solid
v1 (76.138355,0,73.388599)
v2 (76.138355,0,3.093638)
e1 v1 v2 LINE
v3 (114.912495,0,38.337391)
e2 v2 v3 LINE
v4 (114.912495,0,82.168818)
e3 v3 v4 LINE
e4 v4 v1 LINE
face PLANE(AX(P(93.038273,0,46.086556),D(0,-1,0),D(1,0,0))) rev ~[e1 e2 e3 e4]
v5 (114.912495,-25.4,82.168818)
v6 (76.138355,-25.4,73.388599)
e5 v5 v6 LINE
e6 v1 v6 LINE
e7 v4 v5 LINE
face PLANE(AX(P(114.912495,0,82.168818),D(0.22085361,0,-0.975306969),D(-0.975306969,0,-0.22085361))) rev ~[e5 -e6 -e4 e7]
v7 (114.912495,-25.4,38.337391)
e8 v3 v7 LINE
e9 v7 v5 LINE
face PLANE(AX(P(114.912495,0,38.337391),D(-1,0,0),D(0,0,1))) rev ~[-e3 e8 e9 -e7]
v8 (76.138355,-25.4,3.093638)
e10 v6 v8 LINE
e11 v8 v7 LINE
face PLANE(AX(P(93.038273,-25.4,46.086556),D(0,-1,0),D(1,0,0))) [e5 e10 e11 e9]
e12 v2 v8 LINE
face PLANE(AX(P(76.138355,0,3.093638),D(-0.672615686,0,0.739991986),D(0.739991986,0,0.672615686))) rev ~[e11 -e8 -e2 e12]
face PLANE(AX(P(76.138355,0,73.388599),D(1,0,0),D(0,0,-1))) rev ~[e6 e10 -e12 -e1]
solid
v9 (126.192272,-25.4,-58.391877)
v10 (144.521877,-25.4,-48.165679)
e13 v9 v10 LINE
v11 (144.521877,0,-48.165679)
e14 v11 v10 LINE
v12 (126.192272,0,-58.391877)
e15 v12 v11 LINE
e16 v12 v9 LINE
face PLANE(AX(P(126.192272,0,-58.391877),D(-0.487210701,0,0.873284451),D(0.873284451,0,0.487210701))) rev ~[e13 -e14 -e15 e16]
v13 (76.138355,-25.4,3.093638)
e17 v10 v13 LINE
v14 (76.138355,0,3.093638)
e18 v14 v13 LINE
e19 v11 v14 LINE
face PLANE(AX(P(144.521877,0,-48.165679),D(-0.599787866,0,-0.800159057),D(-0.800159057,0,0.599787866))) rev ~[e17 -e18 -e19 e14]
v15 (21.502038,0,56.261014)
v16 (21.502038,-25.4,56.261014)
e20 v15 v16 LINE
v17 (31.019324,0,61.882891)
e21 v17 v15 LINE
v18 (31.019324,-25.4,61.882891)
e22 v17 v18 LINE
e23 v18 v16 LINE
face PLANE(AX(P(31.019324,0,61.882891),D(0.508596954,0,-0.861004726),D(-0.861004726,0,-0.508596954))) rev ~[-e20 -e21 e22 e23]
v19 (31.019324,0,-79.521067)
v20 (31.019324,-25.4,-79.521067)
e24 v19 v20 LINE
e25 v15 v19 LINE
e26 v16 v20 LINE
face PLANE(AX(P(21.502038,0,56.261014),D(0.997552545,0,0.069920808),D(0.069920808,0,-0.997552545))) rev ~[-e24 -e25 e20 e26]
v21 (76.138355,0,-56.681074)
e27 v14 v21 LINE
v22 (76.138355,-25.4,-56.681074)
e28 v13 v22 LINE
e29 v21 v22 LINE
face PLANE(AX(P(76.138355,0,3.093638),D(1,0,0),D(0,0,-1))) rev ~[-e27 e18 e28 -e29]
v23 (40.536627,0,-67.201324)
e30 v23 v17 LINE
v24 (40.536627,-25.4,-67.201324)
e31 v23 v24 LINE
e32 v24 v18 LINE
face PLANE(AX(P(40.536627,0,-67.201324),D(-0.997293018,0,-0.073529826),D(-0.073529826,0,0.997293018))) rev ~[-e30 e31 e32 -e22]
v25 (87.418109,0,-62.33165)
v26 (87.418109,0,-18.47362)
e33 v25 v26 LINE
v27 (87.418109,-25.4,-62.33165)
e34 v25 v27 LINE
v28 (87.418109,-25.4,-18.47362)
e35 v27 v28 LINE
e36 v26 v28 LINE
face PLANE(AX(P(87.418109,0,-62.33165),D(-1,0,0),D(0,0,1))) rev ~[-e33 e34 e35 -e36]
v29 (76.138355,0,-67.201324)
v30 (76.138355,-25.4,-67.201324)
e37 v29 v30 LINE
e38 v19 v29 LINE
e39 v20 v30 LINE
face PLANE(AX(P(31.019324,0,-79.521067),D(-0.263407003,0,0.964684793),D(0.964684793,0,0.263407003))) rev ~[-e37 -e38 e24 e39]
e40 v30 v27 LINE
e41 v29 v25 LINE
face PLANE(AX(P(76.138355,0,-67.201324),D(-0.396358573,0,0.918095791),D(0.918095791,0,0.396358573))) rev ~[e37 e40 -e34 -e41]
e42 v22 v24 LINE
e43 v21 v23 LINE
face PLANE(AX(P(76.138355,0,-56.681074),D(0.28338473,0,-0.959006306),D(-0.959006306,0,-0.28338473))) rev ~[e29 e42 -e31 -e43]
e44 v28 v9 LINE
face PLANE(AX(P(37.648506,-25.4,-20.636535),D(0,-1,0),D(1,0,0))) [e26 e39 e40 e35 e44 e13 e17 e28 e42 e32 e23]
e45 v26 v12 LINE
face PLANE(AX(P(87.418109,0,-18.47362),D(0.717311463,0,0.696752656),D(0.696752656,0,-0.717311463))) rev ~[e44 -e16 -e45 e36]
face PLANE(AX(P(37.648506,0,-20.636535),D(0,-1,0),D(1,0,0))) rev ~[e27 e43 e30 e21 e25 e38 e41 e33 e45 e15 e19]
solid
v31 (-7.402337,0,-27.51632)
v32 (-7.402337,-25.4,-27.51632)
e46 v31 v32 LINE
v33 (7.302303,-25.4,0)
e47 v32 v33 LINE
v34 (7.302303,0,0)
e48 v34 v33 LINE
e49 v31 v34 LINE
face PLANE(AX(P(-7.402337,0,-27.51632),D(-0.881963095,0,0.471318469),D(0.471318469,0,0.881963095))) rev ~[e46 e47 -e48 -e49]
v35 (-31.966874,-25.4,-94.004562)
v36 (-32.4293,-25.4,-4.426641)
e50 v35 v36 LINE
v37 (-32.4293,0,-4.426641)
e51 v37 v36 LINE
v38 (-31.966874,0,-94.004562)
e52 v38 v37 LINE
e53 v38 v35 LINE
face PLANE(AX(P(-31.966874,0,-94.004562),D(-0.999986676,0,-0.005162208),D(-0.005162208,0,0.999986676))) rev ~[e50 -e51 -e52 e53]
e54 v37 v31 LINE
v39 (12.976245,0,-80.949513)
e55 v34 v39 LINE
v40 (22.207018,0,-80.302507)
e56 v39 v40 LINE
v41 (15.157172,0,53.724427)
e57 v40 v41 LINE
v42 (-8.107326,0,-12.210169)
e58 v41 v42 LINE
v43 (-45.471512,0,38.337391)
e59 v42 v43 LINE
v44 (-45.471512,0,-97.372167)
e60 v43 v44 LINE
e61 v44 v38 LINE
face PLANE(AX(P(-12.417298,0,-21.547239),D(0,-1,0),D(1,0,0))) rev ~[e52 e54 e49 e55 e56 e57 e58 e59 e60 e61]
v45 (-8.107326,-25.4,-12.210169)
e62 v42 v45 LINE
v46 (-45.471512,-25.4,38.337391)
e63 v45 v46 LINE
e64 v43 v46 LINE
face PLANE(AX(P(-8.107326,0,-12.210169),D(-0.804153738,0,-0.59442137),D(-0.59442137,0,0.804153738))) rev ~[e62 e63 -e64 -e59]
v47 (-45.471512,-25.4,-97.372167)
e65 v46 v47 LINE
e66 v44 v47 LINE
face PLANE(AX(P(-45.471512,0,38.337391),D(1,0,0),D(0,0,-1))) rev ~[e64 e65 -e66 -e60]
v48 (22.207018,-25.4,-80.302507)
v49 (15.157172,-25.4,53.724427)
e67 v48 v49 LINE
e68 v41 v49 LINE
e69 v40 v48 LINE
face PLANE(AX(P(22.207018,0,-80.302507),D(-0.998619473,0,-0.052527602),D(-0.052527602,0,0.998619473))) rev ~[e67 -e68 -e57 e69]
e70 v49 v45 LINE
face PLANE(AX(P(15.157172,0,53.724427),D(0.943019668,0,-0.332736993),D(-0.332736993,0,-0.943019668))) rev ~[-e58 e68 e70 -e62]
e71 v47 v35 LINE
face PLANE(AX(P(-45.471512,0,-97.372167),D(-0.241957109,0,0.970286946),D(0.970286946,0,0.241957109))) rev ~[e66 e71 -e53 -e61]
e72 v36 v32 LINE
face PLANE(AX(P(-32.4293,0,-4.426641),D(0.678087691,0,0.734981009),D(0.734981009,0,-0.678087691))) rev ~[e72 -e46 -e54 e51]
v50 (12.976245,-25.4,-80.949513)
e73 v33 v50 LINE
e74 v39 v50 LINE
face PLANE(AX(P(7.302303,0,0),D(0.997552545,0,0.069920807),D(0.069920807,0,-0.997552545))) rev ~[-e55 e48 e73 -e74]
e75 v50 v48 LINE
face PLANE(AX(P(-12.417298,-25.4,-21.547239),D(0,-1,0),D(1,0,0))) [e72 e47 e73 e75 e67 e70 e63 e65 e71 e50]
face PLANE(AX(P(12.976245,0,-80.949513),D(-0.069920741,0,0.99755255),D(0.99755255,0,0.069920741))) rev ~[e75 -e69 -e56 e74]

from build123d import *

# Parameters (mm, degrees)
F1_DEPTH = 25.4


with BuildPart() as f1:
    # F0 (on Front) → F1 (new body)
    with BuildSketch(Plane.XZ):
        Polygon((-8.107326, -12.210169), (-45.471512, 38.337391), (-45.471512, -97.372167), (-31.966874, -94.004562), (-32.4293, -4.426641), (-7.402337, -27.51632), (7.302303, 0), (12.976245, -80.949513), (22.207018, -80.302507), (15.157172, 53.724427), align=None)
        Polygon((76.138355, 73.388599), (76.138355, 3.093638), (114.912495, 38.337391), (114.912495, 82.168818), align=None)
        Polygon((31.019324, 61.882891), (21.502038, 56.261014), (31.019324, -79.521067), (76.138355, -67.201324), (76.138355, -56.681074), (40.536627, -67.201324), align=None)
        Polygon((76.138355, -56.681074), (76.138355, -67.201324), (87.418109, -62.33165), (87.418109, -18.47362), (126.192272, -58.391877), (144.521877, -48.165679), (76.138355, 3.093638), align=None)
    extrude(amount=F1_DEPTH)


solid = f1.part
